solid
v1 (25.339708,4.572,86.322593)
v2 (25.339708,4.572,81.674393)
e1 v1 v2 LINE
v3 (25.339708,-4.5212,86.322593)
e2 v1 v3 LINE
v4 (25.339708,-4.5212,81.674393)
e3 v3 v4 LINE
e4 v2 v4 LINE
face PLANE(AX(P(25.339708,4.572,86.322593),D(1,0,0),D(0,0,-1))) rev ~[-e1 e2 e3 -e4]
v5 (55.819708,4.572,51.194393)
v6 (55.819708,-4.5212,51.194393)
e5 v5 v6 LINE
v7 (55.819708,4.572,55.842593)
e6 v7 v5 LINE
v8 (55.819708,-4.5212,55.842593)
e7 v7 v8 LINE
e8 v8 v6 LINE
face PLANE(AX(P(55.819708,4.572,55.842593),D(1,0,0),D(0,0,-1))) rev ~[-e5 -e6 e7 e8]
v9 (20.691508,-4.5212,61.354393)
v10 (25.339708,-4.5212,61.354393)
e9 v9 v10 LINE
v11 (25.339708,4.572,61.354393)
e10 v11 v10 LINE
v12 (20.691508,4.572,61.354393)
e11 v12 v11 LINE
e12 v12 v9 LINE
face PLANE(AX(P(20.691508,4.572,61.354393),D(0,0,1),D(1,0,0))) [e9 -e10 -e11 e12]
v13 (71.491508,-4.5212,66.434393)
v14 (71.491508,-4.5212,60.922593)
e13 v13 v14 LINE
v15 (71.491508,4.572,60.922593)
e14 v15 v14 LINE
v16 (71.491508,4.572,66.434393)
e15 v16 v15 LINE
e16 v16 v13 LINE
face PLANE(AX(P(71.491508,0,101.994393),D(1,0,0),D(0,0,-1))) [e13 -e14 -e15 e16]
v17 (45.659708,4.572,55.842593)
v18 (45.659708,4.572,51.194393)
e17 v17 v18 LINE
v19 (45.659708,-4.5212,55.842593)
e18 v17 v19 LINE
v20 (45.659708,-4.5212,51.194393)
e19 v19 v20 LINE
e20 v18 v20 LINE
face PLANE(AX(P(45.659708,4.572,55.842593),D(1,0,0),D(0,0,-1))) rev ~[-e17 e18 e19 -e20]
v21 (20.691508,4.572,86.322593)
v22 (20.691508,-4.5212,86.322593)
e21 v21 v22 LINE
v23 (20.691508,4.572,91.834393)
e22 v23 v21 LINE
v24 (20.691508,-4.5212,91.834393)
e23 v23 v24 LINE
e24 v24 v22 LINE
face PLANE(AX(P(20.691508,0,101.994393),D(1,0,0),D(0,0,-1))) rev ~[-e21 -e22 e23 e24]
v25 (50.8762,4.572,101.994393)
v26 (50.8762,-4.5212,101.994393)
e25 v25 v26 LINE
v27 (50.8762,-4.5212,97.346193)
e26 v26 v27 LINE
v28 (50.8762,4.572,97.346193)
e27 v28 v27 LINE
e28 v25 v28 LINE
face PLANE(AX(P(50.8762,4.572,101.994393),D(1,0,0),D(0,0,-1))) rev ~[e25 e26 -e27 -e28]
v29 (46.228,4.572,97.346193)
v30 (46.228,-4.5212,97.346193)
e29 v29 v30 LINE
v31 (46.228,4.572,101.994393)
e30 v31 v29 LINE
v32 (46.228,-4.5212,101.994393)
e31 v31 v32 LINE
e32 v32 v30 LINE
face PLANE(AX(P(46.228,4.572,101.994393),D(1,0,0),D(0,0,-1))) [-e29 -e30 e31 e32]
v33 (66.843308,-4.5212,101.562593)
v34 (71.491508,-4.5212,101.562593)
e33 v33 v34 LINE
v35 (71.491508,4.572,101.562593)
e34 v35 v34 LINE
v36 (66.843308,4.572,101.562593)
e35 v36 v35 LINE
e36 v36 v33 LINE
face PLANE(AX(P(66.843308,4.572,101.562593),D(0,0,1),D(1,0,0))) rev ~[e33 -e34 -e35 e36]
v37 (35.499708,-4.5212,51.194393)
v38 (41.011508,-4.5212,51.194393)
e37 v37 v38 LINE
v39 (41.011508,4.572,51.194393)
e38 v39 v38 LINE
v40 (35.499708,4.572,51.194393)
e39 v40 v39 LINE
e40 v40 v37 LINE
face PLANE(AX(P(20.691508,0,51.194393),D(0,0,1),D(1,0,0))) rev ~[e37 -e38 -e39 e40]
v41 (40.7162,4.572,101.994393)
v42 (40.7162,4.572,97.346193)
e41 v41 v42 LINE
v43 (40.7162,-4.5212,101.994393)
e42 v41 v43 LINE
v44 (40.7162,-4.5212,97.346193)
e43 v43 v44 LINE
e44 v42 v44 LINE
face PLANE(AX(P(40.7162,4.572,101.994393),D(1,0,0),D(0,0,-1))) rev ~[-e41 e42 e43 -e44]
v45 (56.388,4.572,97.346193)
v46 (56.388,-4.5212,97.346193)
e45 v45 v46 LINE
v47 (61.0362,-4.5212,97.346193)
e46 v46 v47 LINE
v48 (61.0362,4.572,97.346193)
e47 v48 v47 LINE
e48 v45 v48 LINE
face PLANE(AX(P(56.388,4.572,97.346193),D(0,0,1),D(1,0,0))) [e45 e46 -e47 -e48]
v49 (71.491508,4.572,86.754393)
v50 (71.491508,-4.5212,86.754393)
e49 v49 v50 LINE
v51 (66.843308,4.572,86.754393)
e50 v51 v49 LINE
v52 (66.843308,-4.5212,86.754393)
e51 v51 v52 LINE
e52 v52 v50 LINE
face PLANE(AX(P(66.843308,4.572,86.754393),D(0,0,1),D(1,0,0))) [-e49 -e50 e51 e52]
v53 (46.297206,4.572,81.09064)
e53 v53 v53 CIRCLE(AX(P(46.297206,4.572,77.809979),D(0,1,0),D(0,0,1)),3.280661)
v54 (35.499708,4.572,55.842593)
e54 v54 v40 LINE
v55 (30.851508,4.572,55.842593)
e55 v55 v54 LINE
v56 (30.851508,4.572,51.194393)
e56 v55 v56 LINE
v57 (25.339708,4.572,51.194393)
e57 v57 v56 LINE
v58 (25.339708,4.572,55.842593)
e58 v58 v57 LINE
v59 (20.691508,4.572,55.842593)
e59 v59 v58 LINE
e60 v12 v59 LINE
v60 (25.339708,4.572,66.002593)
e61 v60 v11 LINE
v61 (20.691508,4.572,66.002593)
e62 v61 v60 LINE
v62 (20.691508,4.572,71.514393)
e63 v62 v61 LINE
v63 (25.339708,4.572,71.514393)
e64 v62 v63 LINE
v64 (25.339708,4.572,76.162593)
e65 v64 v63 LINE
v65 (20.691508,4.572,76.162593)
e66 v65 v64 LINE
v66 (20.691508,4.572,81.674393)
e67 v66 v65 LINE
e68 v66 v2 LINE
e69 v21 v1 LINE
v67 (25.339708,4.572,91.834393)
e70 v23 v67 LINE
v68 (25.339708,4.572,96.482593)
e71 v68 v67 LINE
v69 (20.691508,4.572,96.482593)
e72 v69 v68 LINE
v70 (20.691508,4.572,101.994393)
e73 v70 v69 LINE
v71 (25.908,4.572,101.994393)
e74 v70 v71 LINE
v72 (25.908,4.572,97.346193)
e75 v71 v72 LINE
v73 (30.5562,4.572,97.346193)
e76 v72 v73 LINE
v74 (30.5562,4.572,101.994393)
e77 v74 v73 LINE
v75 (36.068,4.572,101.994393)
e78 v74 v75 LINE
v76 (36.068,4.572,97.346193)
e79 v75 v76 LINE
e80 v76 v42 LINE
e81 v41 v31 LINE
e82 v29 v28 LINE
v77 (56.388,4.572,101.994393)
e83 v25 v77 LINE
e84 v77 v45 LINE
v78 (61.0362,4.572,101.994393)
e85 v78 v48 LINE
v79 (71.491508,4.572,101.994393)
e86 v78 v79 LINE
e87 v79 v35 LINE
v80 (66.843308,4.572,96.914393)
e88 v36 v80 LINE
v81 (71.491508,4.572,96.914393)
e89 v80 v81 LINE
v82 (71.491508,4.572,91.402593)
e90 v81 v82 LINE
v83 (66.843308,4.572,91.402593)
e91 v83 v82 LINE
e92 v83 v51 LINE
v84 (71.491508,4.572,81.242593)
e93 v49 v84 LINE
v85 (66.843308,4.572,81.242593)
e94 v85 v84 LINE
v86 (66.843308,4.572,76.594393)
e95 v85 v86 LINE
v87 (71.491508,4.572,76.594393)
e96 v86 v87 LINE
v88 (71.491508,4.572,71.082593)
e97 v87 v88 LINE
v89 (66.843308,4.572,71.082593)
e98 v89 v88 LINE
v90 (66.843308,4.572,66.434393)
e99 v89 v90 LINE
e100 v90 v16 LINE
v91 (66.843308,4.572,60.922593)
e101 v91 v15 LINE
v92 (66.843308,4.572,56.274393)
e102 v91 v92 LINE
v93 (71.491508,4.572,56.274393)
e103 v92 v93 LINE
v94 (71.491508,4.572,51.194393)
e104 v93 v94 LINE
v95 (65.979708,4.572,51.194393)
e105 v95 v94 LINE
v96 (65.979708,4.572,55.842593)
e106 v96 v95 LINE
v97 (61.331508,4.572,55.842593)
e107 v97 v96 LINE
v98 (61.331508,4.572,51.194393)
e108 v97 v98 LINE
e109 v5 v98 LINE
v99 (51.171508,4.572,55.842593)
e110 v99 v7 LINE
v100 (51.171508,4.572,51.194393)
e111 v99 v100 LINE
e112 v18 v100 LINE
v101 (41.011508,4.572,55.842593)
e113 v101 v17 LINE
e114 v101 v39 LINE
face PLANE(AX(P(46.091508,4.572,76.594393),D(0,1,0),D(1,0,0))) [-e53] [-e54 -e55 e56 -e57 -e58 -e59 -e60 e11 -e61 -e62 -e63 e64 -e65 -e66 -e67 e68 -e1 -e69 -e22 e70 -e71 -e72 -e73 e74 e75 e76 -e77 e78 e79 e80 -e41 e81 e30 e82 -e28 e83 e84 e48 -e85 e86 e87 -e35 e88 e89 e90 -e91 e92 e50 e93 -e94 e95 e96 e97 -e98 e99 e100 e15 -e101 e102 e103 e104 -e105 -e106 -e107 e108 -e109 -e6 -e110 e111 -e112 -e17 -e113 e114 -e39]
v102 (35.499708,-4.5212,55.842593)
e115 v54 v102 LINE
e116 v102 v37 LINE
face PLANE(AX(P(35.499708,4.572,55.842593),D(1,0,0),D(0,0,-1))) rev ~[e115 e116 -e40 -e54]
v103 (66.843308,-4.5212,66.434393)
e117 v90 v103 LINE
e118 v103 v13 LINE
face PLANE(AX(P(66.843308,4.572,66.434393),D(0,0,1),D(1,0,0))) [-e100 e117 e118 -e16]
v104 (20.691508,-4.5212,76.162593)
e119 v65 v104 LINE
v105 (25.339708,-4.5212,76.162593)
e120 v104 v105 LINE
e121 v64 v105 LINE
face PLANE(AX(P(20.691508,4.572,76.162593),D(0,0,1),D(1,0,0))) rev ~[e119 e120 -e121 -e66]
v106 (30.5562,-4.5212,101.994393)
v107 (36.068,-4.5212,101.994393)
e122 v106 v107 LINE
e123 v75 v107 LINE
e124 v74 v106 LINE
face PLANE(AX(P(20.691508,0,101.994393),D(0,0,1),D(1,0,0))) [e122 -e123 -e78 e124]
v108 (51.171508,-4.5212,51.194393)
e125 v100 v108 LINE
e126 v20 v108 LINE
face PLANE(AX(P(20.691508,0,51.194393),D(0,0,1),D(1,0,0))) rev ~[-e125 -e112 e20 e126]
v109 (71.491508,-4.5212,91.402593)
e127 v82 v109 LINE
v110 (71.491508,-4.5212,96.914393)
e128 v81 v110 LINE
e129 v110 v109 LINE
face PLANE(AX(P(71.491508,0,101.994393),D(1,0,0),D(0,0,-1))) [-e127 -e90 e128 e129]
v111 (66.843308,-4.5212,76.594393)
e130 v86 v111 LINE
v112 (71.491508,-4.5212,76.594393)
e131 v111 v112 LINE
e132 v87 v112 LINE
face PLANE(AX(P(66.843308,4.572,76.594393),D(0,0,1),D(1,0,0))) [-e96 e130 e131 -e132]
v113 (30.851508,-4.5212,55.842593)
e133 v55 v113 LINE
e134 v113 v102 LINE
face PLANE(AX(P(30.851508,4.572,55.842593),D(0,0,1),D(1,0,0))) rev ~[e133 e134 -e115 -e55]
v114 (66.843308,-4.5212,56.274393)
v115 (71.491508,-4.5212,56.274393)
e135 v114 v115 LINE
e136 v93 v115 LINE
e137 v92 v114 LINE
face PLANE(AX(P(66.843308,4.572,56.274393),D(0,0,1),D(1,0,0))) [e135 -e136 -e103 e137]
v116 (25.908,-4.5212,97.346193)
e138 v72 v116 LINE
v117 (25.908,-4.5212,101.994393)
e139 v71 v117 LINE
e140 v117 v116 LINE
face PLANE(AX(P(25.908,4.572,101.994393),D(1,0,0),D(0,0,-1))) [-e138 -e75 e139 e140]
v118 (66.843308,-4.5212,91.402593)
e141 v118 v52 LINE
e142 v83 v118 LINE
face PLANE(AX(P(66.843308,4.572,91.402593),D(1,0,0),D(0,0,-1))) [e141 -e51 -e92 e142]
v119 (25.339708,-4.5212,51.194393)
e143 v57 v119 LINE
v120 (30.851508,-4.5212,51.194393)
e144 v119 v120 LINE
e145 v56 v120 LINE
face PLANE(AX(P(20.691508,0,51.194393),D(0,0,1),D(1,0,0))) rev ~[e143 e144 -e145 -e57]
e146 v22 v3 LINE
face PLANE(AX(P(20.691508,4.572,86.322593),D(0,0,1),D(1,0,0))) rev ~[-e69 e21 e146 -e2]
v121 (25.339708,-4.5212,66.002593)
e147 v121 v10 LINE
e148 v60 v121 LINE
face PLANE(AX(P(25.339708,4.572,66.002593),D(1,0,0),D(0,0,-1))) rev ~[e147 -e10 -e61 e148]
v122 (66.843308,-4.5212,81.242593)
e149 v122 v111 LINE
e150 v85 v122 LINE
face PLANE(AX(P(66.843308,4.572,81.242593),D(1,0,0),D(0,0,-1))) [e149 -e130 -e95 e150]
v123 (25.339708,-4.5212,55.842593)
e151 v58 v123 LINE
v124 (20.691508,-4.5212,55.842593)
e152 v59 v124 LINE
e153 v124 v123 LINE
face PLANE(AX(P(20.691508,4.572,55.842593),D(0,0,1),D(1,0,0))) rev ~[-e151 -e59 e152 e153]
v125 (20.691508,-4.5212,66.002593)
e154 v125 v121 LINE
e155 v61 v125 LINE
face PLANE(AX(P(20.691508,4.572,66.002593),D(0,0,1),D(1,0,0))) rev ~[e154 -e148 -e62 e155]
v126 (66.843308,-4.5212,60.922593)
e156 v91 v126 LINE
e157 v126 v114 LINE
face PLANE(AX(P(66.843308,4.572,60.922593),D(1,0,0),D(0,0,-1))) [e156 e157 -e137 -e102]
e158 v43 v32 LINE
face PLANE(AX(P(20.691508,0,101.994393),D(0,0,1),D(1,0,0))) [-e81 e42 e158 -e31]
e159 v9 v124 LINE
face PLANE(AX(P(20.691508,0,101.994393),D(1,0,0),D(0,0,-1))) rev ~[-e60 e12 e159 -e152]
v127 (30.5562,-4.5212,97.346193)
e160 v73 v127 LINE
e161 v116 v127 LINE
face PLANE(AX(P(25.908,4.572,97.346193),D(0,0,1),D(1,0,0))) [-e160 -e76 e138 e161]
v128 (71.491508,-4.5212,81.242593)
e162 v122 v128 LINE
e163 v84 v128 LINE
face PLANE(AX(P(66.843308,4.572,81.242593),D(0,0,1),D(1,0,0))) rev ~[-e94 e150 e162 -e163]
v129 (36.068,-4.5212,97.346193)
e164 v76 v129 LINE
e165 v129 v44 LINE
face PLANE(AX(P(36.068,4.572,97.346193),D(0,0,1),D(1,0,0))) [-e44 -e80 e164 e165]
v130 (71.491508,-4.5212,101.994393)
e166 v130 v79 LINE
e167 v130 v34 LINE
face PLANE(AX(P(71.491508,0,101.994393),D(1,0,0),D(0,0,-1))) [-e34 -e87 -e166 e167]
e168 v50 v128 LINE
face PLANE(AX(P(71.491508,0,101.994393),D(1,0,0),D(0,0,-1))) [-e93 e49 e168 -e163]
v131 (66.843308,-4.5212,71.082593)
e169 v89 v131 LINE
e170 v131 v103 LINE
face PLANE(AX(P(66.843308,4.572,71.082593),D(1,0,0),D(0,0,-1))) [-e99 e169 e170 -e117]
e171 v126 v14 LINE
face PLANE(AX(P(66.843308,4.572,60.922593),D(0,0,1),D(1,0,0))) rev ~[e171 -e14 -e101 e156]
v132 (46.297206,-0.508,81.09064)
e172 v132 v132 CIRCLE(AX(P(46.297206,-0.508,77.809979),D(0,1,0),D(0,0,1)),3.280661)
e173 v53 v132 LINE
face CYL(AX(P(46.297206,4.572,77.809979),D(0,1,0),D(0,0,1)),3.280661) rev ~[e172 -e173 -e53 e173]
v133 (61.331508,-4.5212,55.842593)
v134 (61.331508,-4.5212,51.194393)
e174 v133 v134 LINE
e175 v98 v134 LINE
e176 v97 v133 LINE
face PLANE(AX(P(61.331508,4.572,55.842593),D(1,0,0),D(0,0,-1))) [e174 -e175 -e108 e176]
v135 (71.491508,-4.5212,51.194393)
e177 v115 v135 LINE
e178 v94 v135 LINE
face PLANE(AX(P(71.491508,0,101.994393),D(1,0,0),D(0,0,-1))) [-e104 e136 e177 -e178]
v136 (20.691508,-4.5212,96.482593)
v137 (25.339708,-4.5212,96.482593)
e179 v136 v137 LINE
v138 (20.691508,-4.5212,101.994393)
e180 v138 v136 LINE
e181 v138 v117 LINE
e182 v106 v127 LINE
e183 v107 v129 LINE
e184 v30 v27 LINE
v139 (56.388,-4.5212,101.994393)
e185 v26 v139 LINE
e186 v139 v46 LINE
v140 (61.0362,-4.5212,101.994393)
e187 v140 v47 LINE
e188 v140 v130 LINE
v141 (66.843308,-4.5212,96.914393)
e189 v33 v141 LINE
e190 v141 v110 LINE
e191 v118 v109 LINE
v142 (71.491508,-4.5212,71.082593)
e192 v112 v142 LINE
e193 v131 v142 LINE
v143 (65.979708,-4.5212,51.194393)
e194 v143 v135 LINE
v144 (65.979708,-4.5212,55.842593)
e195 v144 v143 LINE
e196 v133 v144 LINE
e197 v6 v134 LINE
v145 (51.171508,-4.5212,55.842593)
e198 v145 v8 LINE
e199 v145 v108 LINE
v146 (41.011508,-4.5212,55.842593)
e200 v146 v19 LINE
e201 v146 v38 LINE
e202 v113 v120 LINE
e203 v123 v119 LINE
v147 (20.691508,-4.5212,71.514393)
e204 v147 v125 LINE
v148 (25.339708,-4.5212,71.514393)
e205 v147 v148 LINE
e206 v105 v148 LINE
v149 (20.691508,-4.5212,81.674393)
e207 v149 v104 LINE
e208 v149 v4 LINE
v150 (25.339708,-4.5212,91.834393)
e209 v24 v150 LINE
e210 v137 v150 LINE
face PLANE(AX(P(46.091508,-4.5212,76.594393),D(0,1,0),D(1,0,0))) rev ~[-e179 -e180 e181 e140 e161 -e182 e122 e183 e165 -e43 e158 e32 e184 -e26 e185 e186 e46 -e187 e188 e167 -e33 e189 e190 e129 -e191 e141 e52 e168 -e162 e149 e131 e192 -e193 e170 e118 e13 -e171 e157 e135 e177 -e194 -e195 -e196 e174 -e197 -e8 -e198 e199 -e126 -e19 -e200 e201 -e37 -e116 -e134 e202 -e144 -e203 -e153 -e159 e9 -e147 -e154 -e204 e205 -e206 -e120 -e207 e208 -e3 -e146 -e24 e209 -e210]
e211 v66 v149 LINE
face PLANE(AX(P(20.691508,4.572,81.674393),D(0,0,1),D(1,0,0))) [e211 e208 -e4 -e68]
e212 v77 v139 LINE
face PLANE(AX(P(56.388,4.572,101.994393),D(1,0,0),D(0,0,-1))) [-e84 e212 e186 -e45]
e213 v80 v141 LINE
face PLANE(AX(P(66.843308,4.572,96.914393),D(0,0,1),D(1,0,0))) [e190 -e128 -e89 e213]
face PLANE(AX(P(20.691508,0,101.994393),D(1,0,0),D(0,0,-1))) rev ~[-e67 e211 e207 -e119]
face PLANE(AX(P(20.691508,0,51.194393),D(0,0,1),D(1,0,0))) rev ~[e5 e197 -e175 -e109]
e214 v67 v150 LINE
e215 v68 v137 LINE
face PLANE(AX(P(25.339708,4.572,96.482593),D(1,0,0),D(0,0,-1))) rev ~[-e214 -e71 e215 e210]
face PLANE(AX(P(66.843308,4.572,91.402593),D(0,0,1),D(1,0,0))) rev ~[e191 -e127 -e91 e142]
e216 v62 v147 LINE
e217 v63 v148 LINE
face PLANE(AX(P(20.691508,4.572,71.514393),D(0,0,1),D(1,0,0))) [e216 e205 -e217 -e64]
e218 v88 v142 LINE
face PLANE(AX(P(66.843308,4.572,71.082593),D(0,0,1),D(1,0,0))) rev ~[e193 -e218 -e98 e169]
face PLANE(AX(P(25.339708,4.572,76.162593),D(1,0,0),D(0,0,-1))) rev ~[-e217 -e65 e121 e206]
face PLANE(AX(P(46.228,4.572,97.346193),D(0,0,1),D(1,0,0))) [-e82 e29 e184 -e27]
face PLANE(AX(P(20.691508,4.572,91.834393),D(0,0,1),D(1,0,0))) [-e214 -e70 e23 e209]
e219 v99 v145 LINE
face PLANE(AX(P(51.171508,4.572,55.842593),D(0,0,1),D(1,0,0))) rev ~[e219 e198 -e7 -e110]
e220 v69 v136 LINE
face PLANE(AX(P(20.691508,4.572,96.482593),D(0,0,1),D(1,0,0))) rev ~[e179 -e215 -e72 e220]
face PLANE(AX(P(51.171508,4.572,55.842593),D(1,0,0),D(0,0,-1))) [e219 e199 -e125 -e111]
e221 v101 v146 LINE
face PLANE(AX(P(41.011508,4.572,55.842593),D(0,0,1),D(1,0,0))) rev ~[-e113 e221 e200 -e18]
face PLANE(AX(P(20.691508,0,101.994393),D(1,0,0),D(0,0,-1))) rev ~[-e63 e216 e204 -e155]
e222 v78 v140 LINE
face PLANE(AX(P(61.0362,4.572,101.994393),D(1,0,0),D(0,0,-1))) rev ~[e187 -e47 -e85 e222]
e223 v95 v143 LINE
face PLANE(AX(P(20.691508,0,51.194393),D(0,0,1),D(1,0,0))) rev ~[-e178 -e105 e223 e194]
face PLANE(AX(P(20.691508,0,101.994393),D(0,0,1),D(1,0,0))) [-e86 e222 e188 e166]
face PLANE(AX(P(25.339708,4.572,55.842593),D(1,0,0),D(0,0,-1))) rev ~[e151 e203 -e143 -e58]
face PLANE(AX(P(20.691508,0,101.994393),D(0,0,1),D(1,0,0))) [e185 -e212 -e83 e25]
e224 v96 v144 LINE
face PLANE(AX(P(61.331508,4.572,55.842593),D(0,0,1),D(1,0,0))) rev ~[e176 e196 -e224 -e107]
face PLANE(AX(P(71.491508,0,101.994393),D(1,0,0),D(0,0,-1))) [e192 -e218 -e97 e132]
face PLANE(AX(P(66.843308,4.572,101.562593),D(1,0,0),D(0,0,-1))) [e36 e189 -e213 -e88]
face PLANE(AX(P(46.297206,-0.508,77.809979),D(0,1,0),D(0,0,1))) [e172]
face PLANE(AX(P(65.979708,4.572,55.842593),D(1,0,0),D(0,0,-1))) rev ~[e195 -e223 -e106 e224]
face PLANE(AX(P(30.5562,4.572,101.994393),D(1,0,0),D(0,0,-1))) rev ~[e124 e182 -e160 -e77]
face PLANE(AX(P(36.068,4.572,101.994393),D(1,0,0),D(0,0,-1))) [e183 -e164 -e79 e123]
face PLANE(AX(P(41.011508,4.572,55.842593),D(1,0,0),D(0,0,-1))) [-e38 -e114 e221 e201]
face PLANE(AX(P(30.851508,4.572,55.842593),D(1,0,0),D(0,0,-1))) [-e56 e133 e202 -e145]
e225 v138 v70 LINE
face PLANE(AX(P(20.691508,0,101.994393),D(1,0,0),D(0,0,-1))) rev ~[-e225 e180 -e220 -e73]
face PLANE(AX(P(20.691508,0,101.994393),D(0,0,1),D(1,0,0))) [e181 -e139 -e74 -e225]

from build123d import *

# Parameters (mm, degrees)
SKETCH3_W                = 50.8
SKETCH3_H                = 50.8
BOSS_EXTRUDE5_DEPTH      = 4.572
BOSS_EXTRUDE5_DEPTH_BACK = 4.5212
SKETCH4_W                = 4.6482
SKETCH4_H                = 4.6482
CUT_EXTRUDE4_DEPTH       = 9.0932
SKETCH10_R               = 3.280660975
CUT_EXTRUDE9_DEPTH       = 5.08
SKETCH9_W                = 4.6482
SKETCH9_H                = 4.6482
CUT_EXTRUDE10_DEPTH      = 9.144
LPATTERN1_COUNT          = 5
LPATTERN1_PITCH          = 10.16
LPATTERN2_COUNT          = 5
LPATTERN2_PITCH          = 10.16
LPATTERN3_COUNT          = 5
LPATTERN3_PITCH          = 10.16
SKETCH13_W               = 4.6482
SKETCH13_H               = 4.6482
CUT_EXTRUDE11_DEPTH      = 9.144
LPATTERN4_COUNT          = 4
LPATTERN4_PITCH          = 10.16


with BuildPart() as part:
    # Sketch3 → Boss-Extrude5 (new body, two sides)
    with BuildSketch(Plane(origin=(0, 0, 0), x_dir=(1, 0, 0), z_dir=(0, 1, 0))) as boss_extrude5_sk:
        with Locations((46.091507602, -76.594393473)):
            Rectangle(SKETCH3_W, SKETCH3_H)
    extrude(amount=BOSS_EXTRUDE5_DEPTH)
    extrude(boss_extrude5_sk.sketch, amount=-BOSS_EXTRUDE5_DEPTH_BACK)

    # Sketch4 → Cut-Extrude4 (cut)
    with BuildSketch(Plane(origin=(0, 4.572, 0), x_dir=(1, 0, 0), z_dir=(0, 1, 0))):
        with Locations((23.015607602, -53.518493473)):
            Rectangle(SKETCH4_W, SKETCH4_H)
    cut_extrude4 = extrude(amount=-CUT_EXTRUDE4_DEPTH, mode=Mode.SUBTRACT)

    # Sketch10 → Cut-Extrude9 (cut)
    with BuildSketch(Plane(origin=(0, 4.572, 0), x_dir=(1, 0, 0), z_dir=(0, 1, 0))):
        with Locations(Location((46.297206245, -77.809978732, 0), (0, 0, 270))):  # turned: the seam where the file's is
            Circle(SKETCH10_R)
    extrude(amount=-CUT_EXTRUDE9_DEPTH, mode=Mode.SUBTRACT)

    # Sketch9 → Cut-Extrude10 (cut)
    with BuildSketch(Plane(origin=(0, 4.572, 0), x_dir=(1, 0, 0), z_dir=(0, 1, 0))):
        with Locations((69.167407602, -58.59849342)):
            Rectangle(SKETCH9_W, SKETCH9_H)
    cut_extrude10 = extrude(amount=-CUT_EXTRUDE10_DEPTH, mode=Mode.SUBTRACT)

    # LPattern1: Cut-Extrude4 ×5
    with Locations(*[(0, 0, i * LPATTERN1_PITCH) for i in range(1, LPATTERN1_COUNT)]):
        add(cut_extrude4, mode=Mode.SUBTRACT)

    # LPattern2: Cut-Extrude10 ×5
    with Locations(*[(0, 0, i * LPATTERN2_PITCH) for i in range(1, LPATTERN2_COUNT)]):
        add(cut_extrude10, mode=Mode.SUBTRACT)

    # LPattern3: Cut-Extrude4 ×5
    with Locations(*[(i * LPATTERN3_PITCH, 0, 0) for i in range(1, LPATTERN3_COUNT)]):
        add(cut_extrude4, mode=Mode.SUBTRACT)

    # Sketch13 → Cut-Extrude11 (cut)
    with BuildSketch(Plane(origin=(0, 4.572, 0), x_dir=(1, 0, 0), z_dir=(0, 1, 0))):
        with Locations((28.2321, -99.670293473)):
            Rectangle(SKETCH13_W, SKETCH13_H)
    cut_extrude11 = extrude(amount=-CUT_EXTRUDE11_DEPTH, mode=Mode.SUBTRACT)

    # LPattern4: Cut-Extrude11 ×4
    with Locations(*[(i * LPATTERN4_PITCH, 0, 0) for i in range(1, LPATTERN4_COUNT)]):
        add(cut_extrude11, mode=Mode.SUBTRACT)


solid = part.part
